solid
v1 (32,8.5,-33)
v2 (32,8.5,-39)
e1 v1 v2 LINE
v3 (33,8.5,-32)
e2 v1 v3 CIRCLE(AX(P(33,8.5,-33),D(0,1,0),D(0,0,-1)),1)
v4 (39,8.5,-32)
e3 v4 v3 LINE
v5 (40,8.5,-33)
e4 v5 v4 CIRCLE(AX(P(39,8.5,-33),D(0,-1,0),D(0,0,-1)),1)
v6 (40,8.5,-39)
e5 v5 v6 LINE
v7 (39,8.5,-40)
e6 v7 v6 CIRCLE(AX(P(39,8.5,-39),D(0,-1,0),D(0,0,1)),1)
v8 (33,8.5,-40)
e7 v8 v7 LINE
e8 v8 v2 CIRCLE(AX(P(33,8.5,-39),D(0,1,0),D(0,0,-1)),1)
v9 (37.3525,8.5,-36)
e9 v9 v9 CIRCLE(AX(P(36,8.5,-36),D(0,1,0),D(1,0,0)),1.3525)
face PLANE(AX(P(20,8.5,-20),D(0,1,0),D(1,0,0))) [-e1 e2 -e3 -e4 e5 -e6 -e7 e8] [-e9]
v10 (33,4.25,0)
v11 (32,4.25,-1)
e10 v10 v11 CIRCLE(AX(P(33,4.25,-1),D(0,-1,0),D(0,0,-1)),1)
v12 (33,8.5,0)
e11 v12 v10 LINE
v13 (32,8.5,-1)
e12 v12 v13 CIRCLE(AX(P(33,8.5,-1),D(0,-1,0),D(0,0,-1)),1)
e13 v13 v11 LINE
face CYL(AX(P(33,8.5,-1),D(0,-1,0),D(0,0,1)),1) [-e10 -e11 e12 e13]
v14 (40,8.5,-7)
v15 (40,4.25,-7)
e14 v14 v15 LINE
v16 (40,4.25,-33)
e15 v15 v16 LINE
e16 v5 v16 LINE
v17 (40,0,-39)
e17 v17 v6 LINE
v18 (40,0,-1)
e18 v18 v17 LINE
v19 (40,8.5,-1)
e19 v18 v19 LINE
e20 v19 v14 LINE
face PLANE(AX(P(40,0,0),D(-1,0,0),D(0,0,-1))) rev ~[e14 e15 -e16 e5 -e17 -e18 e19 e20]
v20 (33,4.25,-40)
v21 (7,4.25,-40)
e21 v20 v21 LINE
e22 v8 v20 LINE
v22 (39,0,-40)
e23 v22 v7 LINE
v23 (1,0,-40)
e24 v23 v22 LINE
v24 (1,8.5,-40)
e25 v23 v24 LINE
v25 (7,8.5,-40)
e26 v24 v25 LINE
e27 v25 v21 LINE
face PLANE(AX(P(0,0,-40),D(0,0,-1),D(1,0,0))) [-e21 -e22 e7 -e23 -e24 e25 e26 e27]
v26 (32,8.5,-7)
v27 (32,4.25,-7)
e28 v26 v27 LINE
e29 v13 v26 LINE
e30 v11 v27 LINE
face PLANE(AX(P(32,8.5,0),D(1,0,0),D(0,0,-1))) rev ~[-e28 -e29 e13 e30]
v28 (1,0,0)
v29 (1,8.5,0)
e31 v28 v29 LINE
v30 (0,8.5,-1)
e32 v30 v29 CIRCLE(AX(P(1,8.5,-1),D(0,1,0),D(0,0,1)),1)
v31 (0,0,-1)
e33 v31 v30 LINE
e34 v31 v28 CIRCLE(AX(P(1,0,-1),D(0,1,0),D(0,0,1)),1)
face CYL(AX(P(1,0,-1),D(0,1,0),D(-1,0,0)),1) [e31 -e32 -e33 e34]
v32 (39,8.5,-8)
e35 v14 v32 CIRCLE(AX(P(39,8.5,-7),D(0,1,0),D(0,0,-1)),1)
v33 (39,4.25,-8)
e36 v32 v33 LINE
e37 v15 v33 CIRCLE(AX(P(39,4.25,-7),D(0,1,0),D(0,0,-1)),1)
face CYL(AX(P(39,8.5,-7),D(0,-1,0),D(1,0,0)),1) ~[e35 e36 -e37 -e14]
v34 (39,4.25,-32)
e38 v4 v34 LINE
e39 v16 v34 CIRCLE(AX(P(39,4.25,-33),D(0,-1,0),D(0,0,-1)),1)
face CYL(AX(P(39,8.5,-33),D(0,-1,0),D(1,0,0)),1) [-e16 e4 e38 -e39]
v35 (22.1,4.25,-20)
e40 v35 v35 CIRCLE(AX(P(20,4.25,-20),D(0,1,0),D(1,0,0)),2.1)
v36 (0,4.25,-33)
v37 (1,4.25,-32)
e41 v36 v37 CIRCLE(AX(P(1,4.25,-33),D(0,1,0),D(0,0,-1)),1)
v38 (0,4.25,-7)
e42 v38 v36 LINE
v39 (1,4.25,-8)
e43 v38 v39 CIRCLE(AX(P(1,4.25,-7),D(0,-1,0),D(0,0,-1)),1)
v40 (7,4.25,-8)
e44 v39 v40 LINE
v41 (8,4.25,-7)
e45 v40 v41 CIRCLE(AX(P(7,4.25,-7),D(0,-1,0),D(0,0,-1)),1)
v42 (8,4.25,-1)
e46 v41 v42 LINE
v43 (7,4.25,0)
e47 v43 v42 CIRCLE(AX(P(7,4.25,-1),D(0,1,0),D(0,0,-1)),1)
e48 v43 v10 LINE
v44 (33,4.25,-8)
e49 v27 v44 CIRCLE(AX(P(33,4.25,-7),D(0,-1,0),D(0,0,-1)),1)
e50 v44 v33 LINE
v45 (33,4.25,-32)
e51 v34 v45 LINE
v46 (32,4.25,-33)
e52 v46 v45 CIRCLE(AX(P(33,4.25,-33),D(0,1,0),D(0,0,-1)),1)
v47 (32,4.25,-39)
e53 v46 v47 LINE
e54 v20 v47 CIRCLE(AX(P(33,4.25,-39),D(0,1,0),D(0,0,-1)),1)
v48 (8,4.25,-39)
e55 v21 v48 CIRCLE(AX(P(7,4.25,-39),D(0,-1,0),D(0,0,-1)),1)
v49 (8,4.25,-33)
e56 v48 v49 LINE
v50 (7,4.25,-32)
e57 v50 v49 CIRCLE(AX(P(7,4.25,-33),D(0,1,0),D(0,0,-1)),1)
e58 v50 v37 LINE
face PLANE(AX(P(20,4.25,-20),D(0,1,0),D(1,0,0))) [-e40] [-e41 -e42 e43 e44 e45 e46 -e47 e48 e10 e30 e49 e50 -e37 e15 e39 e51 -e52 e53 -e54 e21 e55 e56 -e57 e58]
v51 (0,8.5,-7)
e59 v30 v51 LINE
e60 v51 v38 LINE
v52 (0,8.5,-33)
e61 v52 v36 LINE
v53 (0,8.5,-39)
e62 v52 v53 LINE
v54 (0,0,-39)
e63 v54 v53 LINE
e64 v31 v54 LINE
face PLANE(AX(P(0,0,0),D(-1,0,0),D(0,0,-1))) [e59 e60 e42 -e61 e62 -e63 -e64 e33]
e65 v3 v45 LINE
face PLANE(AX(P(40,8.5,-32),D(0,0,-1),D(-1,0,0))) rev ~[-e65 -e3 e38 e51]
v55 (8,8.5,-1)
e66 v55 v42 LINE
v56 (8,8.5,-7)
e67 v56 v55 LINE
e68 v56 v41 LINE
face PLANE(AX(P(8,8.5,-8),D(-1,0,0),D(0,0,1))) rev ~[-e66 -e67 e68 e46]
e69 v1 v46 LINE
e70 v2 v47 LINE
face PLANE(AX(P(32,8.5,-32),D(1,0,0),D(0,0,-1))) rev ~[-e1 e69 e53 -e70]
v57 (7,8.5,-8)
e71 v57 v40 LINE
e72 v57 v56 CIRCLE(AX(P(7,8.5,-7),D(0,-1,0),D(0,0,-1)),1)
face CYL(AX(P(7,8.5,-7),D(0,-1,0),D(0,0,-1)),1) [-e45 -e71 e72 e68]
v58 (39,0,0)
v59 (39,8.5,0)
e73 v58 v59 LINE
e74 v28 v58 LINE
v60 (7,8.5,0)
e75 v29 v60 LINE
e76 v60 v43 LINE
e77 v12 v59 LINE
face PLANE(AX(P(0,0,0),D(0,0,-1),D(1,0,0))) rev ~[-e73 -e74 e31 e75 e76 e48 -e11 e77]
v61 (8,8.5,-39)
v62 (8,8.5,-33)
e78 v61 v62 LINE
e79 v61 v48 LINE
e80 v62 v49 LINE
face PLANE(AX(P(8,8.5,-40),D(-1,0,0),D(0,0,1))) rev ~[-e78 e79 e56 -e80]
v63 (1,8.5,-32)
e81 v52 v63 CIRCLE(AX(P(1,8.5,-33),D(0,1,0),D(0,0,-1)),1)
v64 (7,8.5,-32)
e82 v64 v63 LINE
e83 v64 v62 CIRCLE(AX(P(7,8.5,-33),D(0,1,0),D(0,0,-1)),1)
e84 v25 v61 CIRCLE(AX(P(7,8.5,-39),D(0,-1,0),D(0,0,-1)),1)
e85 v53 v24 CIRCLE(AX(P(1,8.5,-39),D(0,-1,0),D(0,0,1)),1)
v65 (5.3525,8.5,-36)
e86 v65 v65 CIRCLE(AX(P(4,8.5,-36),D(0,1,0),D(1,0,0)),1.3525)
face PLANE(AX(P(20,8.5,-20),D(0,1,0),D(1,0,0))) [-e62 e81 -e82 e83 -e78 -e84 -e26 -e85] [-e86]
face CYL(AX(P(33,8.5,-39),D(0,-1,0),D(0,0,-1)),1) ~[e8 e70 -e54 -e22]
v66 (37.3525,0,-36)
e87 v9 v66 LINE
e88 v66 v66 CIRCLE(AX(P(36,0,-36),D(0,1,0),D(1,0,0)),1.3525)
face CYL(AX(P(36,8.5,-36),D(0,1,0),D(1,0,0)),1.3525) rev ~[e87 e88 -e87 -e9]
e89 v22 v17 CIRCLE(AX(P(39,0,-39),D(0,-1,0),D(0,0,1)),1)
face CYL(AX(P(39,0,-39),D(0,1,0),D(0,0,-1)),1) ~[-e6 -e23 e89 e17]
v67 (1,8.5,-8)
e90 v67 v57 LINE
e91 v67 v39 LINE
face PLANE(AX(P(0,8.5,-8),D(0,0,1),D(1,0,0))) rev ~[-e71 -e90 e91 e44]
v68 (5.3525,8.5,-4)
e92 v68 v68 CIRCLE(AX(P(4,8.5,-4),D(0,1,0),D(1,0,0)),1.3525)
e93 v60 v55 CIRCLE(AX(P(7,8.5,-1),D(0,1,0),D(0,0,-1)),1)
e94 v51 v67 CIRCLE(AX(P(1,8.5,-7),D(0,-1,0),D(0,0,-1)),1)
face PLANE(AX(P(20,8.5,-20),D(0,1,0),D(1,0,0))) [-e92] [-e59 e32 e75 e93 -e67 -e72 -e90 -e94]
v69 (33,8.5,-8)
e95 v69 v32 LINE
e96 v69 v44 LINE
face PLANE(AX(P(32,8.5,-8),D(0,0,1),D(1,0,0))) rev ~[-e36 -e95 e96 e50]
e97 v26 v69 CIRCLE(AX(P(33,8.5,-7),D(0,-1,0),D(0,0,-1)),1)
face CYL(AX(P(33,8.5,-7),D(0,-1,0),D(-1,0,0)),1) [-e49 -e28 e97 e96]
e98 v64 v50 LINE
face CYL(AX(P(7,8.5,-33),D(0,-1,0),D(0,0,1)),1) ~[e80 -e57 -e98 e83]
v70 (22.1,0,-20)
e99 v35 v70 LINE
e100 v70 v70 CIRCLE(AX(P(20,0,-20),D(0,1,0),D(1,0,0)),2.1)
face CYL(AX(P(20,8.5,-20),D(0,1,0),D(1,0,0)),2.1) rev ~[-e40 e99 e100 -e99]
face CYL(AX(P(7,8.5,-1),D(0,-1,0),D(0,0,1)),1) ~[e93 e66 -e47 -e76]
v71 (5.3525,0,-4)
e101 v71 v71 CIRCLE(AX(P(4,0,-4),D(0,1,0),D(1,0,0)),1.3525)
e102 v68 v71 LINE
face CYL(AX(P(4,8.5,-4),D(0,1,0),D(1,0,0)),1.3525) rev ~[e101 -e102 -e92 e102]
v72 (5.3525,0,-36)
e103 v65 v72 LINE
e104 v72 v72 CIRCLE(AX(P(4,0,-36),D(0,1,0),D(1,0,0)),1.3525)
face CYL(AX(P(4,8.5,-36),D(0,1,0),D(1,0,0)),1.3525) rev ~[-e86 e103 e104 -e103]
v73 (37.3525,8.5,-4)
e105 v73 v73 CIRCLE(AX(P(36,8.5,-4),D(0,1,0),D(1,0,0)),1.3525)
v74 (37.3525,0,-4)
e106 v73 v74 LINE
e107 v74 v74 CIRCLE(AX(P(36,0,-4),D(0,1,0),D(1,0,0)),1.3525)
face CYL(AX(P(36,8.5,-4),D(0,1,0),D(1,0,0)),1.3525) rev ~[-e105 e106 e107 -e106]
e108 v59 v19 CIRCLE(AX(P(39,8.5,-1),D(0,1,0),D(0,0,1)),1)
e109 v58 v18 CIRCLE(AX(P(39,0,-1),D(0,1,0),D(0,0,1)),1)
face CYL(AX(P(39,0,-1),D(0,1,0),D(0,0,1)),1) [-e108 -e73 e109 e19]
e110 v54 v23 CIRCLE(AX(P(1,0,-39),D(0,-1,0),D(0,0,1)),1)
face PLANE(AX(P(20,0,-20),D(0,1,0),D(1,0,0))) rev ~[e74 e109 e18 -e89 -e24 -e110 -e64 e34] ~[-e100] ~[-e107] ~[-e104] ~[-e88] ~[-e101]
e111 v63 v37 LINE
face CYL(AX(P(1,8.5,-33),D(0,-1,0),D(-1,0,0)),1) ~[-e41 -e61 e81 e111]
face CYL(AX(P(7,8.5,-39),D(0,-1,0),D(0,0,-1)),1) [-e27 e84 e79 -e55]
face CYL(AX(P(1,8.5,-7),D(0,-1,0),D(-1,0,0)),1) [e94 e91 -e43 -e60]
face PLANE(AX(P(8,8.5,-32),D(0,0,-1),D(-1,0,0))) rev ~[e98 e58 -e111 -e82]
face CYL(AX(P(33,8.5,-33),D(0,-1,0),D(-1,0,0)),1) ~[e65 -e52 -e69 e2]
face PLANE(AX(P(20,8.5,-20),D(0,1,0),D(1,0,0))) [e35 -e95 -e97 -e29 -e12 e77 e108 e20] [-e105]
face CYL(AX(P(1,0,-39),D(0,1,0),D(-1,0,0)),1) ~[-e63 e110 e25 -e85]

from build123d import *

# Parameters (mm, degrees)
SKETCH1_W           = 40
SKETCH1_H           = 40
BOSS_EXTRUDE1_DEPTH = 8.5
SKETCH2_R           = 1.3525
SKETCH2_R_2         = 2.1
CUT_EXTRUDE1_DEPTH  = 9.5
SKETCH3_R           = 3.5
CUT_EXTRUDE2_DEPTH  = 4.25
CUT_EXTRUDE3_DEPTH  = 4.25
FILLET1_R           = 1


with BuildPart() as part:
    # Sketch1 → Boss-Extrude1 (new body)
    with BuildSketch(Plane(origin=(0, 0, 0), x_dir=(1, 0, 0), z_dir=(0, 1, 0))):
        with Locations((20, 20)):
            Rectangle(SKETCH1_W, SKETCH1_H)
    extrude(amount=BOSS_EXTRUDE1_DEPTH)

    # Sketch2 → Cut-Extrude1 (cut, through all)
    with BuildSketch(Plane(origin=(0, 8.5, 0), x_dir=(1, 0, 0), z_dir=(0, 1, 0))):
        with Locations((4, 4)):
            Circle(SKETCH2_R)
        with Locations((36, 4)):
            Circle(SKETCH2_R)
        with Locations((36, 36)):
            Circle(SKETCH2_R)
        with Locations((4, 36)):
            Circle(SKETCH2_R)
        with Locations((20, 20)):
            Circle(SKETCH2_R_2)
    extrude(amount=-CUT_EXTRUDE1_DEPTH, mode=Mode.SUBTRACT)

    # Sketch3 → Cut-Extrude2 (cut)
    with BuildSketch(Plane(origin=(0, 8.5, 0), x_dir=(1, 0, 0), z_dir=(0, 1, 0))):
        with Locations((20, 20)):
            Circle(SKETCH3_R)
    extrude(amount=-CUT_EXTRUDE2_DEPTH, mode=Mode.SUBTRACT)

    # Sketch4 → Cut-Extrude3 (cut)
    with BuildSketch(Plane(origin=(0, 8.5, 0), x_dir=(1, 0, 0), z_dir=(0, 1, 0))):
        Polygon((0, 8), (8, 8), (8, 0), (32, 0), (32, 8), (40, 8), (40, 32), (32, 32), (32, 40), (8, 40), (8, 32), (0, 32), align=None)
    extrude(amount=-CUT_EXTRUDE3_DEPTH, mode=Mode.SUBTRACT)

    # Fillet1
    fillet1_edges = [part.edges().sort_by_distance(p)[0] for p in [
        (0, 4.25, -40),
        (40, 4.25, -40),
        (40, 4.25, 0),
        (0, 4.25, 0),
        (0, 6.375, -8),
        (0, 6.375, -32),
        (8, 6.375, -32),
        (8, 6.375, -40),
        (32, 6.375, -40),
        (32, 6.375, -32),
        (40, 6.375, -32),
        (40, 6.375, -8),
        (32, 6.375, -8),
        (32, 6.375, 0),
        (8, 6.375, 0),
        (8, 6.375, -8),
    ]]
    fillet(fillet1_edges, radius=FILLET1_R)


solid = part.part
